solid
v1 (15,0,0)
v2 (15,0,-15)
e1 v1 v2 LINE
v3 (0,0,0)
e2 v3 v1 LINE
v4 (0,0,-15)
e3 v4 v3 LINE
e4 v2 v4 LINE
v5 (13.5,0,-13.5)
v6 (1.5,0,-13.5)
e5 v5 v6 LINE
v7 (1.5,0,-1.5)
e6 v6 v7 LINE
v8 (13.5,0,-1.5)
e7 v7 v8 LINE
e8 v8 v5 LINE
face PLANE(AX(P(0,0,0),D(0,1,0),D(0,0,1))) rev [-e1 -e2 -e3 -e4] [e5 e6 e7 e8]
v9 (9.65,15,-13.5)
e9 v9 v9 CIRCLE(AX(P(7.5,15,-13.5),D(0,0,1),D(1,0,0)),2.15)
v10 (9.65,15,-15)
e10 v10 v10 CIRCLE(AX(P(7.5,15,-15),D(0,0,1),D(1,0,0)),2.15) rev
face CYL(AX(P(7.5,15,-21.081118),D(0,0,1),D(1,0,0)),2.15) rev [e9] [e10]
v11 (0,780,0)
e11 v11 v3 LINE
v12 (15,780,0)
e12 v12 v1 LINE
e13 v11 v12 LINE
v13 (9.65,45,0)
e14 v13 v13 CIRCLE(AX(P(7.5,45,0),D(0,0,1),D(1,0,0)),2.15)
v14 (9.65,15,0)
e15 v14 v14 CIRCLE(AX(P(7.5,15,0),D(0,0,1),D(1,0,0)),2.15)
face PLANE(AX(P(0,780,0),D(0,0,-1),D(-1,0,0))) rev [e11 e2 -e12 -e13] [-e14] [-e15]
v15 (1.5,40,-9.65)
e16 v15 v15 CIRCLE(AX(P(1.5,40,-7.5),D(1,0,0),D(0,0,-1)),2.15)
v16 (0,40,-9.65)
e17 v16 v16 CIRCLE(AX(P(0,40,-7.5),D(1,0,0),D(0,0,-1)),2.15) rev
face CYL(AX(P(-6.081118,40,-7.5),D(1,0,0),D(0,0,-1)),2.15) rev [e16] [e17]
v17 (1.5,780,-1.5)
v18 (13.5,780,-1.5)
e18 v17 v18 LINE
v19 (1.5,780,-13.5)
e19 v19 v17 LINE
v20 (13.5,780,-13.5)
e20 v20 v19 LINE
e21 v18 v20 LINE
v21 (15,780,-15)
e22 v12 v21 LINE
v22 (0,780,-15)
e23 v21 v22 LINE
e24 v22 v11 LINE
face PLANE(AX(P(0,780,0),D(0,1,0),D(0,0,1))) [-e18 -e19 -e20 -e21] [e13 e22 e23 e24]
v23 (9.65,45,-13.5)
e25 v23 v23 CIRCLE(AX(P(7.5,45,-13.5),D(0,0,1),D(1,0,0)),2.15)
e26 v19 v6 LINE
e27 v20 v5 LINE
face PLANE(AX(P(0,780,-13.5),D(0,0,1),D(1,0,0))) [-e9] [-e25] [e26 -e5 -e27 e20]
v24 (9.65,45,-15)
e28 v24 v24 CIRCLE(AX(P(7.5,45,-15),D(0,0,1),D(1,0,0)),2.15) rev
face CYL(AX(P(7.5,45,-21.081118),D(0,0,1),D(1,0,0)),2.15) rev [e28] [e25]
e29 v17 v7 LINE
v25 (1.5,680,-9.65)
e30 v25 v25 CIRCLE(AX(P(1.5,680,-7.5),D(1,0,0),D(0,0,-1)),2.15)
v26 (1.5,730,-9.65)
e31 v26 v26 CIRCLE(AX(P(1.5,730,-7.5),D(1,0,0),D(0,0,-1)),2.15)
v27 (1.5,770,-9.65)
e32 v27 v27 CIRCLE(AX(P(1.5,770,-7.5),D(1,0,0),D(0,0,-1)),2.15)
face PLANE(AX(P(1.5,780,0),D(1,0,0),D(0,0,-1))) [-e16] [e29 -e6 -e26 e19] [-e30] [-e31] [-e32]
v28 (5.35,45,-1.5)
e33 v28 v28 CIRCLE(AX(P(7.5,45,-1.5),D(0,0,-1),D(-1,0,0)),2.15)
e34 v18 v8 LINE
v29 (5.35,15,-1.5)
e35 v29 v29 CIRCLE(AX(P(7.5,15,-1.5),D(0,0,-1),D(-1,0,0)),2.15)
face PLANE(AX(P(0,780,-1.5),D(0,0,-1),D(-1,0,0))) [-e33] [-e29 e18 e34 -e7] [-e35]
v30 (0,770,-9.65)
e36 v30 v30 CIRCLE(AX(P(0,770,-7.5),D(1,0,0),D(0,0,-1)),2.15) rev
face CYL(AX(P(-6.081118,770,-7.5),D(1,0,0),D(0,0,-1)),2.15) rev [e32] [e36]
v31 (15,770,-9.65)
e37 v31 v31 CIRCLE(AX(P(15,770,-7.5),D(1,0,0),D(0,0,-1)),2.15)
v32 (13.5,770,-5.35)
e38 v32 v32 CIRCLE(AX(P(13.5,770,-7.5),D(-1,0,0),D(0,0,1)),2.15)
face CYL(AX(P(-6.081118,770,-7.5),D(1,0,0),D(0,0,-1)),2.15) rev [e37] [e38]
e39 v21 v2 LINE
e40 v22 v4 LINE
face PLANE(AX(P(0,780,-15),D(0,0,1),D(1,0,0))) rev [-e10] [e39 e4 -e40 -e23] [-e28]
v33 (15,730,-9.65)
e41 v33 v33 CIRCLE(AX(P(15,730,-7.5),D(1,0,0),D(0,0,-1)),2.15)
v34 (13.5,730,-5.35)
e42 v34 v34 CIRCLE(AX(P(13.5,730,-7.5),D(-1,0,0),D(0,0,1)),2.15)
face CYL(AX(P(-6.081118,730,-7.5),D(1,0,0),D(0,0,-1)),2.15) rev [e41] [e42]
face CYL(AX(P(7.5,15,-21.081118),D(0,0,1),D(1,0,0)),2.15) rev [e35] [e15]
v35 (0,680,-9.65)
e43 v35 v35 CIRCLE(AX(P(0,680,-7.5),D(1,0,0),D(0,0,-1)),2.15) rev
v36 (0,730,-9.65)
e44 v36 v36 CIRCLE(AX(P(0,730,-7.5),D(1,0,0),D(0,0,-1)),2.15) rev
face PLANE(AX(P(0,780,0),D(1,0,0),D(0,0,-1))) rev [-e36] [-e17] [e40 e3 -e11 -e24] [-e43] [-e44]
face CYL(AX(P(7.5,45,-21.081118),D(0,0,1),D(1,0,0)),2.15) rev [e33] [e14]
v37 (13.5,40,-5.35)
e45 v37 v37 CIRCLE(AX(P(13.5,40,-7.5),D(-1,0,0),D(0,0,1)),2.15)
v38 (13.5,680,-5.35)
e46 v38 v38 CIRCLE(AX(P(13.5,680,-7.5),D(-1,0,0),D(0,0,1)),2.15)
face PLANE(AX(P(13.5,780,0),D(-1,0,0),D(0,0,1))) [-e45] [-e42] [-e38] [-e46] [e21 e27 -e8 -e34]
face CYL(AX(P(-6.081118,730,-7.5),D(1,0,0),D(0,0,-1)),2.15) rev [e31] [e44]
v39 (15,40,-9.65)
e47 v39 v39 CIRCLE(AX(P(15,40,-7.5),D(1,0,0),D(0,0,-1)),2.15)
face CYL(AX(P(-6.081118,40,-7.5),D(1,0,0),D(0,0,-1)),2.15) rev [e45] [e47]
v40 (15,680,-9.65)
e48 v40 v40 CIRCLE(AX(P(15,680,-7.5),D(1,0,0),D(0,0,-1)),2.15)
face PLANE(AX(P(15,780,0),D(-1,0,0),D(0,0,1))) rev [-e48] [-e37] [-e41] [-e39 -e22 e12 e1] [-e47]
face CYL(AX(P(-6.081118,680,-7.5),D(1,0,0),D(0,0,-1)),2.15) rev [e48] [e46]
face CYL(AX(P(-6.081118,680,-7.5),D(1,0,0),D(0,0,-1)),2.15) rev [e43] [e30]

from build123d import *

# Parameters (mm, degrees)
SKETCH_1_W          = 15
SKETCH_1_H          = 15
SKETCH_1_W_2        = 12
SKETCH_1_H_2        = 12
EXTRUDE_1_DEPTH     = 780
CUT_EXTRUDE_1_REACH = 782.288
SKETCH_2_R          = 2.15
CUT_EXTRUDE_2_REACH = 782.288
SKETCH_4_R          = 2.15


with BuildPart() as part:
    # ｽｹｯﾁ1 → 押し出し-薄板1 (new body)
    with BuildSketch(Plane(origin=(0, 0, 0), x_dir=(1, 0, 0), z_dir=(0, 1, 0))):
        with Locations((7.5, 7.5)):
            Rectangle(SKETCH_1_W, SKETCH_1_H)
        with Locations((7.5, 7.5)):
            Rectangle(SKETCH_1_W_2, SKETCH_1_H_2, mode=Mode.SUBTRACT)
    extrude(amount=EXTRUDE_1_DEPTH)

    # ｶｯﾄ - 押し出し1: up to this face of the body (flat: up to its plane)
    cut_extrude_1_end = Plane(part.part.faces().sort_by_distance((0, 390, -7.5))[0])
    # ｽｹｯﾁ2 → ｶｯﾄ - 押し出し1 (cut, up to the picked face)
    with BuildSketch(Plane(origin=(15, 0, 0), x_dir=(0, 0, -1), z_dir=(1, 0, 0)), mode=Mode.PRIVATE) as cut_extrude_1_sk1:
        with Locations((7.5, 730)):
            Circle(SKETCH_2_R)
    cut_extrude_1_tool1 = split(extrude(cut_extrude_1_sk1.sketch, amount=-CUT_EXTRUDE_1_REACH, mode=Mode.PRIVATE), bisect_by=cut_extrude_1_end, keep=Keep.BOTH, mode=Mode.PRIVATE)
    # ｽｹｯﾁ2 → ｶｯﾄ - 押し出し1 (cut, up to the picked face)
    with BuildSketch(Plane(origin=(15, 0, 0), x_dir=(0, 0, -1), z_dir=(1, 0, 0)), mode=Mode.PRIVATE) as cut_extrude_1_sk2:
        with Locations((7.5, 680)):
            Circle(SKETCH_2_R)
    cut_extrude_1_tool2 = split(extrude(cut_extrude_1_sk2.sketch, amount=-CUT_EXTRUDE_1_REACH, mode=Mode.PRIVATE), bisect_by=cut_extrude_1_end, keep=Keep.BOTH, mode=Mode.PRIVATE)
    # ｽｹｯﾁ2 → ｶｯﾄ - 押し出し1 (cut, up to the picked face)
    with BuildSketch(Plane(origin=(15, 0, 0), x_dir=(0, 0, -1), z_dir=(1, 0, 0)), mode=Mode.PRIVATE) as cut_extrude_1_sk3:
        with Locations((7.5, 40)):
            Circle(SKETCH_2_R)
    cut_extrude_1_tool3 = split(extrude(cut_extrude_1_sk3.sketch, amount=-CUT_EXTRUDE_1_REACH, mode=Mode.PRIVATE), bisect_by=cut_extrude_1_end, keep=Keep.BOTH, mode=Mode.PRIVATE)
    # ｽｹｯﾁ2 → ｶｯﾄ - 押し出し1 (cut, up to the picked face)
    with BuildSketch(Plane(origin=(15, 0, 0), x_dir=(0, 0, -1), z_dir=(1, 0, 0)), mode=Mode.PRIVATE) as cut_extrude_1_sk4:
        with Locations((7.5, 770)):
            Circle(SKETCH_2_R)
    cut_extrude_1_tool4 = split(extrude(cut_extrude_1_sk4.sketch, amount=-CUT_EXTRUDE_1_REACH, mode=Mode.PRIVATE), bisect_by=cut_extrude_1_end, keep=Keep.BOTH, mode=Mode.PRIVATE)
    add(cut_extrude_1_tool1.solids().sort_by(Axis((15, 730, -7.5), (-1, 0, 0)))[0], mode=Mode.SUBTRACT)
    add(cut_extrude_1_tool2.solids().sort_by(Axis((15, 680, -7.5), (-1, 0, 0)))[0], mode=Mode.SUBTRACT)
    add(cut_extrude_1_tool3.solids().sort_by(Axis((15, 40, -7.5), (-1, 0, 0)))[0], mode=Mode.SUBTRACT)
    add(cut_extrude_1_tool4.solids().sort_by(Axis((15, 770, -7.5), (-1, 0, 0)))[0], mode=Mode.SUBTRACT)

    # ｶｯﾄ - 押し出し2: up to this face of the body (flat: up to its plane)
    cut_extrude_2_end = Plane(part.part.faces().sort_by_distance((7.5, 390, -15))[0])
    # ｽｹｯﾁ4 → ｶｯﾄ - 押し出し2 (cut, up to the picked face)
    with BuildSketch(Plane.XY, mode=Mode.PRIVATE) as cut_extrude_2_sk1:
        with Locations((7.5, 15)):
            Circle(SKETCH_4_R)
    cut_extrude_2_tool1 = split(extrude(cut_extrude_2_sk1.sketch, amount=-CUT_EXTRUDE_2_REACH, mode=Mode.PRIVATE), bisect_by=cut_extrude_2_end, keep=Keep.BOTH, mode=Mode.PRIVATE)
    # ｽｹｯﾁ4 → ｶｯﾄ - 押し出し2 (cut, up to the picked face)
    with BuildSketch(Plane.XY, mode=Mode.PRIVATE) as cut_extrude_2_sk2:
        with Locations((7.5, 45)):
            Circle(SKETCH_4_R)
    cut_extrude_2_tool2 = split(extrude(cut_extrude_2_sk2.sketch, amount=-CUT_EXTRUDE_2_REACH, mode=Mode.PRIVATE), bisect_by=cut_extrude_2_end, keep=Keep.BOTH, mode=Mode.PRIVATE)
    add(cut_extrude_2_tool1.solids().sort_by(Axis((7.5, 15, 0), (0, 0, -1)))[0], mode=Mode.SUBTRACT)
    add(cut_extrude_2_tool2.solids().sort_by(Axis((7.5, 45, 0), (0, 0, -1)))[0], mode=Mode.SUBTRACT)


solid = part.part
